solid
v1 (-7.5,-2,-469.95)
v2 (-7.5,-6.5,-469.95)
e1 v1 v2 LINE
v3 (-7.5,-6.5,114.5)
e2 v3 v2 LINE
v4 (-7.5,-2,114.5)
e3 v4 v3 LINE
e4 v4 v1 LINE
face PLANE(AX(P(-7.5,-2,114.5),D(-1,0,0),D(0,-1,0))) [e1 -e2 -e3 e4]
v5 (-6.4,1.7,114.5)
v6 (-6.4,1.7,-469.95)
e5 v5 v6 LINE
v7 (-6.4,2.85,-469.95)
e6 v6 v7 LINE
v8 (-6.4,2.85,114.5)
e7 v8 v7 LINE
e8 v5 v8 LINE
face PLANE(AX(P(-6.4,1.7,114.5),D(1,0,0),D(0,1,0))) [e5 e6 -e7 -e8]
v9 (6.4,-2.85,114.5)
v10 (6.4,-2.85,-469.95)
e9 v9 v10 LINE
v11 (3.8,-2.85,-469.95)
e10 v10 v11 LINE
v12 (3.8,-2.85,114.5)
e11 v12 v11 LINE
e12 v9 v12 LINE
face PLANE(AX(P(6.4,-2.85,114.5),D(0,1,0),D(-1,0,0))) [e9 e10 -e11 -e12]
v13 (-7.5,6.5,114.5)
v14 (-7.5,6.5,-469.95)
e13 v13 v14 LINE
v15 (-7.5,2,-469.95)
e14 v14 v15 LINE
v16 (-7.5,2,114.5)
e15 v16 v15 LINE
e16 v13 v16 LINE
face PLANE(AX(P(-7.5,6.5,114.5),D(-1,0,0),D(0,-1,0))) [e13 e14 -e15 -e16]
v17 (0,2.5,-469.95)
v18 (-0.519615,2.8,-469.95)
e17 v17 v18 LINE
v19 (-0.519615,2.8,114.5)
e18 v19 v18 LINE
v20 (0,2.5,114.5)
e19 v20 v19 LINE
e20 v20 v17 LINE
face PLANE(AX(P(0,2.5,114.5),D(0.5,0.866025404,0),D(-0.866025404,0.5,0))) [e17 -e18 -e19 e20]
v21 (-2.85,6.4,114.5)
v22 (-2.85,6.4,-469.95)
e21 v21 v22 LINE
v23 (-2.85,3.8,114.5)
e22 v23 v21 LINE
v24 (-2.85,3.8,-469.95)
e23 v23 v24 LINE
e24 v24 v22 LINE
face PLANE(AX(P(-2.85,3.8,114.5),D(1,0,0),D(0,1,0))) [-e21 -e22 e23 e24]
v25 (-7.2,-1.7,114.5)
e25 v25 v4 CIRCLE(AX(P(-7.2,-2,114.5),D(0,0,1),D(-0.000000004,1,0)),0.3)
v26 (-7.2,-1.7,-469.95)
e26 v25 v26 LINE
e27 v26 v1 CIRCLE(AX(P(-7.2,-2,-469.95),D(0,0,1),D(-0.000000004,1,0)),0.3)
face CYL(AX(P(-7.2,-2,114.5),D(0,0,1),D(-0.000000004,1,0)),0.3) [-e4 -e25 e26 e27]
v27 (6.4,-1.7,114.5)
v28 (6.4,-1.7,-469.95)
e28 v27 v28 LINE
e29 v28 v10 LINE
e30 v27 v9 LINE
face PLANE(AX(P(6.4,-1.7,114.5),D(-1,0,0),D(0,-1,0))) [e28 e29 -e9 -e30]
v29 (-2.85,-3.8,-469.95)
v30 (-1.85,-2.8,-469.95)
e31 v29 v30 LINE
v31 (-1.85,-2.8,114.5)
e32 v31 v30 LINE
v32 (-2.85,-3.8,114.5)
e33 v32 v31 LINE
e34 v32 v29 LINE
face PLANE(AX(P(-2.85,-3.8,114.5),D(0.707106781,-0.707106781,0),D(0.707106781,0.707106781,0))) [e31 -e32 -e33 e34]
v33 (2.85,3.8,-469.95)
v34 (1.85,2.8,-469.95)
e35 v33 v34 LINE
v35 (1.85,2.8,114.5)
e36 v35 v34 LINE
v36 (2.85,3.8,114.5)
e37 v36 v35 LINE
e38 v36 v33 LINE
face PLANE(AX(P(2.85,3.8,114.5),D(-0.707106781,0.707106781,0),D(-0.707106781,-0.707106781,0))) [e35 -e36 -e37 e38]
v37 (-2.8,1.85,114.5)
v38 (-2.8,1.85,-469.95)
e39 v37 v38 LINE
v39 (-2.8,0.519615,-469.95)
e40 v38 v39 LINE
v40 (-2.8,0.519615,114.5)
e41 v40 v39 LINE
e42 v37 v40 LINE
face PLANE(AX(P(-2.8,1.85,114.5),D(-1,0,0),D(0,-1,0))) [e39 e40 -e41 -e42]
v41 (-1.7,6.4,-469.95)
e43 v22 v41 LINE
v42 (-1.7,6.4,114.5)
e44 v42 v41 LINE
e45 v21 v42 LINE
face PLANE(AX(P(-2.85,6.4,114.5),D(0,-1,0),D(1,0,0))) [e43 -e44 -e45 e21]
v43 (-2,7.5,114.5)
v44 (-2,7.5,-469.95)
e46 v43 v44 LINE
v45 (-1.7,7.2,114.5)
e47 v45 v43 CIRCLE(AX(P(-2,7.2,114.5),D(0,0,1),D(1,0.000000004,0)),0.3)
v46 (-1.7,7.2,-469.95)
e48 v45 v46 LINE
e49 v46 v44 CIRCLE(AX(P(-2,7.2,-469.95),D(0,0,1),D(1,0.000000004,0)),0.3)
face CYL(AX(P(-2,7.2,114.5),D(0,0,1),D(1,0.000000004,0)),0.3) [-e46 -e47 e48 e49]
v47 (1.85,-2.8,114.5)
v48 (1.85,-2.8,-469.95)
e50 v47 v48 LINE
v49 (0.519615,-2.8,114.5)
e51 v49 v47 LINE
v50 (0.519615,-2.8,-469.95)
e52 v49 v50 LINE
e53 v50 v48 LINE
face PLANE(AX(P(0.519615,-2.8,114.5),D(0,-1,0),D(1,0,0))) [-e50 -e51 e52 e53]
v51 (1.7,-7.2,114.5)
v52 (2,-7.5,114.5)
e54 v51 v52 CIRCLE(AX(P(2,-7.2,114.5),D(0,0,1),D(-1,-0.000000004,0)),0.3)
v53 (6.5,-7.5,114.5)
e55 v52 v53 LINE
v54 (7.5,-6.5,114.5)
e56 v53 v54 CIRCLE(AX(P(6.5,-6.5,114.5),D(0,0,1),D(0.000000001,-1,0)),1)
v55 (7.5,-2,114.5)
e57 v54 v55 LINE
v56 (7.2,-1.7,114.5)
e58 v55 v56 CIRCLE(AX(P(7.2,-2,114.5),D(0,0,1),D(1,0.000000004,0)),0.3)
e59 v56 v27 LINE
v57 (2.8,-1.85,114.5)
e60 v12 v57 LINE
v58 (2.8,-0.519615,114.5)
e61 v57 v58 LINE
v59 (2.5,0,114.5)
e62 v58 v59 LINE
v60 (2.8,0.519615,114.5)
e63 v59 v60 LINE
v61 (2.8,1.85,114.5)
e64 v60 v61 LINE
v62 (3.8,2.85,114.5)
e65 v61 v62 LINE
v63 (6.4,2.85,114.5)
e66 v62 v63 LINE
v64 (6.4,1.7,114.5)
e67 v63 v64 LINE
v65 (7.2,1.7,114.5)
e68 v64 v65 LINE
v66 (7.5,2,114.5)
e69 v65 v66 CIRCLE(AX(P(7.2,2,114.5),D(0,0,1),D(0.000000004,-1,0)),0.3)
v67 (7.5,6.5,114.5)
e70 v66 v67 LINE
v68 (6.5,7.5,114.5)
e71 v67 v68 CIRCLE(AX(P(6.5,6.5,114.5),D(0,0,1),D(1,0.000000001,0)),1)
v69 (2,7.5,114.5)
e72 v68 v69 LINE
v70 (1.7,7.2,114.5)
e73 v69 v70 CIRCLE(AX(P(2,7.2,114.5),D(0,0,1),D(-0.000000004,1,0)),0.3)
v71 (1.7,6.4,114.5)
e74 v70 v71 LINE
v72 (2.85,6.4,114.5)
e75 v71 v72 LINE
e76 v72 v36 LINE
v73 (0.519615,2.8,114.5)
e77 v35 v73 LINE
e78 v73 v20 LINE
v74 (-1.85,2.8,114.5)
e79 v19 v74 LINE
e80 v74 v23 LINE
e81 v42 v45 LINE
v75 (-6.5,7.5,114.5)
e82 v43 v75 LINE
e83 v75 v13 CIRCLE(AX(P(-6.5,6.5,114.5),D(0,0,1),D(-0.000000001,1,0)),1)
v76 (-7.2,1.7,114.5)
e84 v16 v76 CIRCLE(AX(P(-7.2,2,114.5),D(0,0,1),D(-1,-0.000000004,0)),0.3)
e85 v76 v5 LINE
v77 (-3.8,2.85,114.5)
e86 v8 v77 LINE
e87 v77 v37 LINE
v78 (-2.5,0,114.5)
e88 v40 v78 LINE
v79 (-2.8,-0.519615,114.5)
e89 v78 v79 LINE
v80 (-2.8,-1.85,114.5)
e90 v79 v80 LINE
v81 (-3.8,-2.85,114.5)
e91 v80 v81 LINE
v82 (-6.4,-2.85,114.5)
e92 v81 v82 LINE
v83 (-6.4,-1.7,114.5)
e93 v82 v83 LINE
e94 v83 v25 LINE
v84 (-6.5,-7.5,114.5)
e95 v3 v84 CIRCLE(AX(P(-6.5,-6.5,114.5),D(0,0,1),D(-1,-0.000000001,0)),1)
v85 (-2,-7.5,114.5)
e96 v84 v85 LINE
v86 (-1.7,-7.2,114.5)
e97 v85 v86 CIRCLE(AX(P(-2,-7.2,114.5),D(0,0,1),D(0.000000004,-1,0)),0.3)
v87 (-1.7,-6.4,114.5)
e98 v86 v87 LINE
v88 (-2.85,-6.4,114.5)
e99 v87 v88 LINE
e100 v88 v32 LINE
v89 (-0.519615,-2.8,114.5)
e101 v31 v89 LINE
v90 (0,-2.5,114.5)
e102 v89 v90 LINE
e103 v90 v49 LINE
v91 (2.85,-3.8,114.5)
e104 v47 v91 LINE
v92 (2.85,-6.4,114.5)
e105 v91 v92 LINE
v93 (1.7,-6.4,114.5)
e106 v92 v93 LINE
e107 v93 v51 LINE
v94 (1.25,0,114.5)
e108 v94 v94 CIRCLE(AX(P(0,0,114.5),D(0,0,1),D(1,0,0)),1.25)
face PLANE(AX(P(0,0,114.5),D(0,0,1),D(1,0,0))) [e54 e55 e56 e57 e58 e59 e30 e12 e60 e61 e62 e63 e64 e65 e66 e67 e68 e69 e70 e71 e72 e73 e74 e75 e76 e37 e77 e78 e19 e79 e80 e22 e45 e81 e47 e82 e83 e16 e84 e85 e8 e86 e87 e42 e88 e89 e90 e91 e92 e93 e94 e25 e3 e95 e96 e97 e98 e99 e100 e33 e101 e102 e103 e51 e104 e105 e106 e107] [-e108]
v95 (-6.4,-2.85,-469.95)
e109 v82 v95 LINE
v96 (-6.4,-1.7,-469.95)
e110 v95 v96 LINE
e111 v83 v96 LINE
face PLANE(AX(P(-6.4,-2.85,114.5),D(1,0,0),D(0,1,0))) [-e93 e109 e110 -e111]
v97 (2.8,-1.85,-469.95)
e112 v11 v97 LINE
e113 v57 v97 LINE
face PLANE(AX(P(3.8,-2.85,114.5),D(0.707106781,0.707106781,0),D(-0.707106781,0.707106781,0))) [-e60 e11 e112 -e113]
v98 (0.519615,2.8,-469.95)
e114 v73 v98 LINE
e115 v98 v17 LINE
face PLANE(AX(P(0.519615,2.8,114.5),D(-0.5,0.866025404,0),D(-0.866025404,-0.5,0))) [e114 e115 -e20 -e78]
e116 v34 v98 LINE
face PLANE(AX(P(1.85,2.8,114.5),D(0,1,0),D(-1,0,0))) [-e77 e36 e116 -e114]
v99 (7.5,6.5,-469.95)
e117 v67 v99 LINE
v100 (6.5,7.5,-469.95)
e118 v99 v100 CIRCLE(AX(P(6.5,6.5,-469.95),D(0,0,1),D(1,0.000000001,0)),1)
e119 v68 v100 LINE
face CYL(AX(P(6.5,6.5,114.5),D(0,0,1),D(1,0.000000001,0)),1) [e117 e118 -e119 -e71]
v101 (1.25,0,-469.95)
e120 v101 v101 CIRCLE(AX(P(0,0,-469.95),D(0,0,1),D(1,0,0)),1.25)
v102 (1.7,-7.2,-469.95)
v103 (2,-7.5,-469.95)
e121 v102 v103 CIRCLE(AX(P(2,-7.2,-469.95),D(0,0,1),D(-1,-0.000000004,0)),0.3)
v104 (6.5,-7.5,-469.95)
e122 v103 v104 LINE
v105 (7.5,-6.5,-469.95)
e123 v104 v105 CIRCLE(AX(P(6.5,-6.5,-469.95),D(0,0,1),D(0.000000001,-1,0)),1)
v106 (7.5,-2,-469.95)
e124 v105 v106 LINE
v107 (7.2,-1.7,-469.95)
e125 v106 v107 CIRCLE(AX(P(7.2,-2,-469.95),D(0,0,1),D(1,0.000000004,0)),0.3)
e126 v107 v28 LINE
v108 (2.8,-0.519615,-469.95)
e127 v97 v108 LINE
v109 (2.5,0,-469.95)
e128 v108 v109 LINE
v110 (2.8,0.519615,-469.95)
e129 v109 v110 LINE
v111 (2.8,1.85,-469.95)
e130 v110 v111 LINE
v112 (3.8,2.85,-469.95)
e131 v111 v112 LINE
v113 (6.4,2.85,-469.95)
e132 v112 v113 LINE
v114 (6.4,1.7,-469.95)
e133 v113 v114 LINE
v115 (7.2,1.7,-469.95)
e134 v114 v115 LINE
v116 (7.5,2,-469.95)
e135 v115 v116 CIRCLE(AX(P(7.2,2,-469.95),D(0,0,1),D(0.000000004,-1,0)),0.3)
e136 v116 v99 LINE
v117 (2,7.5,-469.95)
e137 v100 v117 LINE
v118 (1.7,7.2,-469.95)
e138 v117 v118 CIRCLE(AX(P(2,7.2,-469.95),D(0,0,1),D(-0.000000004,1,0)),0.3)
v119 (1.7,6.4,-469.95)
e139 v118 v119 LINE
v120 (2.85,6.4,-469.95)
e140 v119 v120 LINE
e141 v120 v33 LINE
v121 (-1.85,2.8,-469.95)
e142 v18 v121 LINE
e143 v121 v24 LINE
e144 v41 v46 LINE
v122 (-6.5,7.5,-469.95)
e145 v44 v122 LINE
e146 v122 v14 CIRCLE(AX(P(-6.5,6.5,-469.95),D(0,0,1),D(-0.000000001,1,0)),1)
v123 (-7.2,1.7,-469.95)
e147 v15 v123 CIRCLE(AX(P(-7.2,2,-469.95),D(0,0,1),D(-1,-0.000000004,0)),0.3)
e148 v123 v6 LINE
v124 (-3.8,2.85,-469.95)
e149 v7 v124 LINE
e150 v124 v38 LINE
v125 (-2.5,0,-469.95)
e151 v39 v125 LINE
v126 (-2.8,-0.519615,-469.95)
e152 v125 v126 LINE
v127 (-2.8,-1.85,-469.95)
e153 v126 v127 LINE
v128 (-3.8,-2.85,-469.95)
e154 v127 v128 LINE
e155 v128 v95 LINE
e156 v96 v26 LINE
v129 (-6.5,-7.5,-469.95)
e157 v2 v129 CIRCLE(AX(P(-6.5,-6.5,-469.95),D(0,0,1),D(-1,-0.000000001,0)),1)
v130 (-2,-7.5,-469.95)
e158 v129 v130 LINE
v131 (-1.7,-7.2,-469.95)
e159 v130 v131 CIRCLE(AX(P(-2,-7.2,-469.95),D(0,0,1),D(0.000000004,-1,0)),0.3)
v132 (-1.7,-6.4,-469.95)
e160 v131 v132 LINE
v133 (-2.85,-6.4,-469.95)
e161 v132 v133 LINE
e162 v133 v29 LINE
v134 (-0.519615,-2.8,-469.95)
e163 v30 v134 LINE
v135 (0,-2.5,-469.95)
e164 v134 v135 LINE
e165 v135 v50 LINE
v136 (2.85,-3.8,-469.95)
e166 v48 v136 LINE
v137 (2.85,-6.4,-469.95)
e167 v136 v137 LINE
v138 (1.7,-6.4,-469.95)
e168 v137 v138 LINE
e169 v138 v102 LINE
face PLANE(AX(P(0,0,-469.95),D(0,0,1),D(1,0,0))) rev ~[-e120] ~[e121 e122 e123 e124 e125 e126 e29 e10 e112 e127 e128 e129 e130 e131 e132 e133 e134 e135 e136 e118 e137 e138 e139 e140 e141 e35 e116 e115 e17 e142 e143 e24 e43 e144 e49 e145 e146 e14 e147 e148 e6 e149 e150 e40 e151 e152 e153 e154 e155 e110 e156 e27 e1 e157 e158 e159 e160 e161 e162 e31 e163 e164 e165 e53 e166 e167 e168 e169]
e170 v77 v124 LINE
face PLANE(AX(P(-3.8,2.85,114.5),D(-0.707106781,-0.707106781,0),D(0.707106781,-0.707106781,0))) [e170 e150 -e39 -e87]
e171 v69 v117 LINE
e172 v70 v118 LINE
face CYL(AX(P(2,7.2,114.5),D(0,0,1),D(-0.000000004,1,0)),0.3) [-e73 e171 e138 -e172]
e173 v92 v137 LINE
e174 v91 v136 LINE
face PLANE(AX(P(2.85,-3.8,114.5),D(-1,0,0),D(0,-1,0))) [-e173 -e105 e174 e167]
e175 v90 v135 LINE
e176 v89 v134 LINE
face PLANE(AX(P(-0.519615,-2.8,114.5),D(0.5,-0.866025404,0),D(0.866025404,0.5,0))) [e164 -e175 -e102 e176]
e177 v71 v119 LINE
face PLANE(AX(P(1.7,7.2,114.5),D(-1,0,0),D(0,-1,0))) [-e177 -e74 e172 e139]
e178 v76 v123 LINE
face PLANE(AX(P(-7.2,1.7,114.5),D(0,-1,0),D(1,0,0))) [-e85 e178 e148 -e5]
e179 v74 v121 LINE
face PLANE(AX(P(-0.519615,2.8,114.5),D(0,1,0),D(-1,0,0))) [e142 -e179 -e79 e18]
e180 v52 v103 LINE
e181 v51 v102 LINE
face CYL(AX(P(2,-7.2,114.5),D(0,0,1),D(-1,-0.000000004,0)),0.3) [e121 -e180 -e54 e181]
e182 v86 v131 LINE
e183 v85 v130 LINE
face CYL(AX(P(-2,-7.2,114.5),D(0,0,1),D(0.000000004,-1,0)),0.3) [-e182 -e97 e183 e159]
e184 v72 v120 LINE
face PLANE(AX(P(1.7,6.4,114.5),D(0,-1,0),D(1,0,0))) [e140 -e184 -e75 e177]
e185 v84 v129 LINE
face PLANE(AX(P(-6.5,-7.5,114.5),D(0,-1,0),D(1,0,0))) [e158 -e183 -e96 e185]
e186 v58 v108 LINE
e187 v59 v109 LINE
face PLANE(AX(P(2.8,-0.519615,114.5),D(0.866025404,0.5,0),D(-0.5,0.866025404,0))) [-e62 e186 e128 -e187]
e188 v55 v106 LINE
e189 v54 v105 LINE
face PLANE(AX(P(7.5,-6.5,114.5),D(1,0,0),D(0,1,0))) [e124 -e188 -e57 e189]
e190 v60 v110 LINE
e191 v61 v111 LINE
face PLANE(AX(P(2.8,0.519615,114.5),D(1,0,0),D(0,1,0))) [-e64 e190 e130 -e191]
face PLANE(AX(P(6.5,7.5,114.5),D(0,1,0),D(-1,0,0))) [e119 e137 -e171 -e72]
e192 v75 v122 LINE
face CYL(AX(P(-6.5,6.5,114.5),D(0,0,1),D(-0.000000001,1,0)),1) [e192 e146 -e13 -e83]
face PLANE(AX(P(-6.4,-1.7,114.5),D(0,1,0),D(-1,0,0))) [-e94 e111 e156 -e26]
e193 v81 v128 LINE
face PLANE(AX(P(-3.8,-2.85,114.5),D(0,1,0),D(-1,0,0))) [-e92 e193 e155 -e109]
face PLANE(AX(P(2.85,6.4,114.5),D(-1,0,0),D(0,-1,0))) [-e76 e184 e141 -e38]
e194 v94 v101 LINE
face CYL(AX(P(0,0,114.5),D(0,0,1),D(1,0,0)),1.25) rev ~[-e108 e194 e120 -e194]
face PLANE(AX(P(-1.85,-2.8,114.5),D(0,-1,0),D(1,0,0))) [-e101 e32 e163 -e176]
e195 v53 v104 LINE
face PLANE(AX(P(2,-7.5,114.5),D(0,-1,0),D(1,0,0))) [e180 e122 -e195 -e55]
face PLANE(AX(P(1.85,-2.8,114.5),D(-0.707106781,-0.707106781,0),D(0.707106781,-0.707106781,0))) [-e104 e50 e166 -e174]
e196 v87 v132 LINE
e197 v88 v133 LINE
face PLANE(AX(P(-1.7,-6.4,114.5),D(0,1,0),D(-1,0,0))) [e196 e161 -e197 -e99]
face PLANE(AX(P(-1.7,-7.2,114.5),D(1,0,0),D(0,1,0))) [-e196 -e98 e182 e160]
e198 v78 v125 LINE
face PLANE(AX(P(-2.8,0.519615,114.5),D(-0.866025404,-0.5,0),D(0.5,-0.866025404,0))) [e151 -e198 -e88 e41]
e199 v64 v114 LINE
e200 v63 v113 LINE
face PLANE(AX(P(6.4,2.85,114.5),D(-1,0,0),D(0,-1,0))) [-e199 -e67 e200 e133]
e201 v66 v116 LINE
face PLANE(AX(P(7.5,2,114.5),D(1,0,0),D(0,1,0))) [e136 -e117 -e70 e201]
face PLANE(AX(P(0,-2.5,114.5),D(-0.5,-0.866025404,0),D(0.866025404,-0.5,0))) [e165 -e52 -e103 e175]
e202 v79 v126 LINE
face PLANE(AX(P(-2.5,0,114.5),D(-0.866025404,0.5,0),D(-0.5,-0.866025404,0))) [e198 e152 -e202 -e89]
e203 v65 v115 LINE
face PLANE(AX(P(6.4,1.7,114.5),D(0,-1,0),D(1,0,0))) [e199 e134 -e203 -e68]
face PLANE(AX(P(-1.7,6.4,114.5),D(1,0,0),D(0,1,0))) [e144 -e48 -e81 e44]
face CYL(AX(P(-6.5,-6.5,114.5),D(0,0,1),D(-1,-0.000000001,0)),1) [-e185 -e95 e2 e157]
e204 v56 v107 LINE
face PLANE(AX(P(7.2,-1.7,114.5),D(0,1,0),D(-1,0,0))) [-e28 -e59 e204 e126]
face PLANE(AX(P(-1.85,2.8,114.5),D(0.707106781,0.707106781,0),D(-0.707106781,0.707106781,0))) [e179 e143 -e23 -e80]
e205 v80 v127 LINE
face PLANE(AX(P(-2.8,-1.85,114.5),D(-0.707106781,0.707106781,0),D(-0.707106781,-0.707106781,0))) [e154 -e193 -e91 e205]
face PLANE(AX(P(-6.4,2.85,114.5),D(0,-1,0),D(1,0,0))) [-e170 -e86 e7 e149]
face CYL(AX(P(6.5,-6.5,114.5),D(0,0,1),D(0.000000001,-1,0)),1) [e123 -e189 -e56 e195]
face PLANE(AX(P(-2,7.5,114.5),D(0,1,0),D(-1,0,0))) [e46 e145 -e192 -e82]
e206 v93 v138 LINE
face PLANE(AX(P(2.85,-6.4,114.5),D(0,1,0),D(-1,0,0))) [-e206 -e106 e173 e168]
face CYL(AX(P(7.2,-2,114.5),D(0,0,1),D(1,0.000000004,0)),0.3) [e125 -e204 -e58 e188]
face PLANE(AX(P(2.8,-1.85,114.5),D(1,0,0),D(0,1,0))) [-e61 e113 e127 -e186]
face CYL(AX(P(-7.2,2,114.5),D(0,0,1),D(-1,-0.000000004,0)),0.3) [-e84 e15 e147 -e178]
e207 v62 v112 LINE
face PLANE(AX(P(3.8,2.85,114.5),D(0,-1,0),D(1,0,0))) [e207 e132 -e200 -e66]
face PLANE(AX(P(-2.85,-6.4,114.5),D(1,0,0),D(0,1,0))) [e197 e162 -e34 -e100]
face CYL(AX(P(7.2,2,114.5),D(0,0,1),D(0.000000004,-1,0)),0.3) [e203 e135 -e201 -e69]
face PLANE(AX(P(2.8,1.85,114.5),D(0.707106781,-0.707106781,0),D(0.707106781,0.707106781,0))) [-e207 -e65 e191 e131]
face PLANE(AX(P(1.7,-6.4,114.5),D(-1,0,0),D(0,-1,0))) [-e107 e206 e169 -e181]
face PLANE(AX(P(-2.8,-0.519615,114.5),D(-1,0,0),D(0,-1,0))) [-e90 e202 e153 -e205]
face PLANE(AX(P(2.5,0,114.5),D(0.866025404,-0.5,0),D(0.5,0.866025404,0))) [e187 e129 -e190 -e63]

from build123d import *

# Parameters (mm, degrees)
SKETCH1_R           = 1.25
BOSS_EXTRUDE1_DEPTH = 584.45


with BuildPart() as part:
    # Sketch1 → Boss-Extrude1 (new body)
    with BuildSketch(Plane.XY.offset(114.5)):
        with BuildLine():
            Line((-7.5, 6.5), (-7.5, 2))
            ThreePointArc((-7.5, 2), (-7.412132034, 1.787867966), (-7.2, 1.7))
            Line((-7.2, 1.7), (-6.4, 1.7))
            Line((-6.4, 1.7), (-6.4, 2.85))
            Line((-6.4, 2.85), (-3.8, 2.85))
            Line((-3.8, 2.85), (-2.8, 1.85))
            Line((-2.8, 1.85), (-2.8, 0.519615242))
            Line((-2.8, 0.519615242), (-2.5, 0))
            Line((-2.5, 0), (-2.8, -0.519615242))
            Line((-2.8, -0.519615242), (-2.8, -1.85))
            Line((-2.8, -1.85), (-3.8, -2.85))
            Line((-3.8, -2.85), (-6.4, -2.85))
            Line((-6.4, -2.85), (-6.4, -1.7))
            Line((-6.4, -1.7), (-7.2, -1.7))
            ThreePointArc((-7.2, -1.7), (-7.412132034, -1.787867966), (-7.5, -2))
            Line((-7.5, -2), (-7.5, -6.5))
            ThreePointArc((-7.5, -6.5), (-7.207106781, -7.207106781), (-6.5, -7.5))
            Line((-6.5, -7.5), (-2, -7.5))
            ThreePointArc((-2, -7.5), (-1.787867966, -7.412132034), (-1.7, -7.2))
            Line((-1.7, -7.2), (-1.7, -6.4))
            Line((-1.7, -6.4), (-2.85, -6.4))
            Line((-2.85, -6.4), (-2.85, -3.8))
            Line((-2.85, -3.8), (-1.85, -2.8))
            Line((-1.85, -2.8), (-0.519615242, -2.8))
            Line((-0.519615242, -2.8), (0, -2.5))
            Line((0, -2.5), (0.519615242, -2.8))
            Line((0.519615242, -2.8), (1.85, -2.8))
            Line((1.85, -2.8), (2.85, -3.8))
            Line((2.85, -3.8), (2.85, -6.4))
            Line((2.85, -6.4), (1.7, -6.4))
            Line((1.7, -6.4), (1.7, -7.2))
            ThreePointArc((1.7, -7.2), (1.787867966, -7.412132034), (2, -7.5))
            Line((2, -7.5), (6.5, -7.5))
            ThreePointArc((6.5, -7.5), (7.207106781, -7.207106781), (7.5, -6.5))
            Line((7.5, -6.5), (7.5, -2))
            ThreePointArc((7.5, -2), (7.412132034, -1.787867966), (7.2, -1.7))
            Line((7.2, -1.7), (6.4, -1.7))
            Line((6.4, -1.7), (6.4, -2.85))
            Line((6.4, -2.85), (3.8, -2.85))
            Line((3.8, -2.85), (2.8, -1.85))
            Line((2.8, -1.85), (2.8, -0.519615242))
            Line((2.8, -0.519615242), (2.5, 0))
            Line((2.5, 0), (2.8, 0.519615242))
            Line((2.8, 0.519615242), (2.8, 1.85))
            Line((2.8, 1.85), (3.8, 2.85))
            Line((3.8, 2.85), (6.4, 2.85))
            Line((6.4, 2.85), (6.4, 1.7))
            Line((6.4, 1.7), (7.2, 1.7))
            ThreePointArc((7.2, 1.7), (7.412132034, 1.787867966), (7.5, 2))
            Line((7.5, 2), (7.5, 6.5))
            ThreePointArc((7.5, 6.5), (7.207106781, 7.207106781), (6.5, 7.5))
            Line((6.5, 7.5), (2, 7.5))
            ThreePointArc((2, 7.5), (1.787867966, 7.412132034), (1.7, 7.2))
            Line((1.7, 7.2), (1.7, 6.4))
            Line((1.7, 6.4), (2.85, 6.4))
            Line((2.85, 6.4), (2.85, 3.8))
            Line((2.85, 3.8), (1.85, 2.8))
            Line((1.85, 2.8), (0.519615242, 2.8))
            Line((0.519615242, 2.8), (0, 2.5))
            Line((0, 2.5), (-0.519615242, 2.8))
            Line((-0.519615242, 2.8), (-1.85, 2.8))
            Line((-1.85, 2.8), (-2.85, 3.8))
            Line((-2.85, 3.8), (-2.85, 6.4))
            Line((-2.85, 6.4), (-1.7, 6.4))
            Line((-1.7, 6.4), (-1.7, 7.2))
            ThreePointArc((-1.7, 7.2), (-1.787867966, 7.412132034), (-2, 7.5))
            Line((-2, 7.5), (-6.5, 7.5))
            ThreePointArc((-6.5, 7.5), (-7.207106781, 7.207106781), (-7.5, 6.5))
        make_face()
        Circle(SKETCH1_R, mode=Mode.SUBTRACT)
    extrude(amount=-BOSS_EXTRUDE1_DEPTH)


solid = part.part
